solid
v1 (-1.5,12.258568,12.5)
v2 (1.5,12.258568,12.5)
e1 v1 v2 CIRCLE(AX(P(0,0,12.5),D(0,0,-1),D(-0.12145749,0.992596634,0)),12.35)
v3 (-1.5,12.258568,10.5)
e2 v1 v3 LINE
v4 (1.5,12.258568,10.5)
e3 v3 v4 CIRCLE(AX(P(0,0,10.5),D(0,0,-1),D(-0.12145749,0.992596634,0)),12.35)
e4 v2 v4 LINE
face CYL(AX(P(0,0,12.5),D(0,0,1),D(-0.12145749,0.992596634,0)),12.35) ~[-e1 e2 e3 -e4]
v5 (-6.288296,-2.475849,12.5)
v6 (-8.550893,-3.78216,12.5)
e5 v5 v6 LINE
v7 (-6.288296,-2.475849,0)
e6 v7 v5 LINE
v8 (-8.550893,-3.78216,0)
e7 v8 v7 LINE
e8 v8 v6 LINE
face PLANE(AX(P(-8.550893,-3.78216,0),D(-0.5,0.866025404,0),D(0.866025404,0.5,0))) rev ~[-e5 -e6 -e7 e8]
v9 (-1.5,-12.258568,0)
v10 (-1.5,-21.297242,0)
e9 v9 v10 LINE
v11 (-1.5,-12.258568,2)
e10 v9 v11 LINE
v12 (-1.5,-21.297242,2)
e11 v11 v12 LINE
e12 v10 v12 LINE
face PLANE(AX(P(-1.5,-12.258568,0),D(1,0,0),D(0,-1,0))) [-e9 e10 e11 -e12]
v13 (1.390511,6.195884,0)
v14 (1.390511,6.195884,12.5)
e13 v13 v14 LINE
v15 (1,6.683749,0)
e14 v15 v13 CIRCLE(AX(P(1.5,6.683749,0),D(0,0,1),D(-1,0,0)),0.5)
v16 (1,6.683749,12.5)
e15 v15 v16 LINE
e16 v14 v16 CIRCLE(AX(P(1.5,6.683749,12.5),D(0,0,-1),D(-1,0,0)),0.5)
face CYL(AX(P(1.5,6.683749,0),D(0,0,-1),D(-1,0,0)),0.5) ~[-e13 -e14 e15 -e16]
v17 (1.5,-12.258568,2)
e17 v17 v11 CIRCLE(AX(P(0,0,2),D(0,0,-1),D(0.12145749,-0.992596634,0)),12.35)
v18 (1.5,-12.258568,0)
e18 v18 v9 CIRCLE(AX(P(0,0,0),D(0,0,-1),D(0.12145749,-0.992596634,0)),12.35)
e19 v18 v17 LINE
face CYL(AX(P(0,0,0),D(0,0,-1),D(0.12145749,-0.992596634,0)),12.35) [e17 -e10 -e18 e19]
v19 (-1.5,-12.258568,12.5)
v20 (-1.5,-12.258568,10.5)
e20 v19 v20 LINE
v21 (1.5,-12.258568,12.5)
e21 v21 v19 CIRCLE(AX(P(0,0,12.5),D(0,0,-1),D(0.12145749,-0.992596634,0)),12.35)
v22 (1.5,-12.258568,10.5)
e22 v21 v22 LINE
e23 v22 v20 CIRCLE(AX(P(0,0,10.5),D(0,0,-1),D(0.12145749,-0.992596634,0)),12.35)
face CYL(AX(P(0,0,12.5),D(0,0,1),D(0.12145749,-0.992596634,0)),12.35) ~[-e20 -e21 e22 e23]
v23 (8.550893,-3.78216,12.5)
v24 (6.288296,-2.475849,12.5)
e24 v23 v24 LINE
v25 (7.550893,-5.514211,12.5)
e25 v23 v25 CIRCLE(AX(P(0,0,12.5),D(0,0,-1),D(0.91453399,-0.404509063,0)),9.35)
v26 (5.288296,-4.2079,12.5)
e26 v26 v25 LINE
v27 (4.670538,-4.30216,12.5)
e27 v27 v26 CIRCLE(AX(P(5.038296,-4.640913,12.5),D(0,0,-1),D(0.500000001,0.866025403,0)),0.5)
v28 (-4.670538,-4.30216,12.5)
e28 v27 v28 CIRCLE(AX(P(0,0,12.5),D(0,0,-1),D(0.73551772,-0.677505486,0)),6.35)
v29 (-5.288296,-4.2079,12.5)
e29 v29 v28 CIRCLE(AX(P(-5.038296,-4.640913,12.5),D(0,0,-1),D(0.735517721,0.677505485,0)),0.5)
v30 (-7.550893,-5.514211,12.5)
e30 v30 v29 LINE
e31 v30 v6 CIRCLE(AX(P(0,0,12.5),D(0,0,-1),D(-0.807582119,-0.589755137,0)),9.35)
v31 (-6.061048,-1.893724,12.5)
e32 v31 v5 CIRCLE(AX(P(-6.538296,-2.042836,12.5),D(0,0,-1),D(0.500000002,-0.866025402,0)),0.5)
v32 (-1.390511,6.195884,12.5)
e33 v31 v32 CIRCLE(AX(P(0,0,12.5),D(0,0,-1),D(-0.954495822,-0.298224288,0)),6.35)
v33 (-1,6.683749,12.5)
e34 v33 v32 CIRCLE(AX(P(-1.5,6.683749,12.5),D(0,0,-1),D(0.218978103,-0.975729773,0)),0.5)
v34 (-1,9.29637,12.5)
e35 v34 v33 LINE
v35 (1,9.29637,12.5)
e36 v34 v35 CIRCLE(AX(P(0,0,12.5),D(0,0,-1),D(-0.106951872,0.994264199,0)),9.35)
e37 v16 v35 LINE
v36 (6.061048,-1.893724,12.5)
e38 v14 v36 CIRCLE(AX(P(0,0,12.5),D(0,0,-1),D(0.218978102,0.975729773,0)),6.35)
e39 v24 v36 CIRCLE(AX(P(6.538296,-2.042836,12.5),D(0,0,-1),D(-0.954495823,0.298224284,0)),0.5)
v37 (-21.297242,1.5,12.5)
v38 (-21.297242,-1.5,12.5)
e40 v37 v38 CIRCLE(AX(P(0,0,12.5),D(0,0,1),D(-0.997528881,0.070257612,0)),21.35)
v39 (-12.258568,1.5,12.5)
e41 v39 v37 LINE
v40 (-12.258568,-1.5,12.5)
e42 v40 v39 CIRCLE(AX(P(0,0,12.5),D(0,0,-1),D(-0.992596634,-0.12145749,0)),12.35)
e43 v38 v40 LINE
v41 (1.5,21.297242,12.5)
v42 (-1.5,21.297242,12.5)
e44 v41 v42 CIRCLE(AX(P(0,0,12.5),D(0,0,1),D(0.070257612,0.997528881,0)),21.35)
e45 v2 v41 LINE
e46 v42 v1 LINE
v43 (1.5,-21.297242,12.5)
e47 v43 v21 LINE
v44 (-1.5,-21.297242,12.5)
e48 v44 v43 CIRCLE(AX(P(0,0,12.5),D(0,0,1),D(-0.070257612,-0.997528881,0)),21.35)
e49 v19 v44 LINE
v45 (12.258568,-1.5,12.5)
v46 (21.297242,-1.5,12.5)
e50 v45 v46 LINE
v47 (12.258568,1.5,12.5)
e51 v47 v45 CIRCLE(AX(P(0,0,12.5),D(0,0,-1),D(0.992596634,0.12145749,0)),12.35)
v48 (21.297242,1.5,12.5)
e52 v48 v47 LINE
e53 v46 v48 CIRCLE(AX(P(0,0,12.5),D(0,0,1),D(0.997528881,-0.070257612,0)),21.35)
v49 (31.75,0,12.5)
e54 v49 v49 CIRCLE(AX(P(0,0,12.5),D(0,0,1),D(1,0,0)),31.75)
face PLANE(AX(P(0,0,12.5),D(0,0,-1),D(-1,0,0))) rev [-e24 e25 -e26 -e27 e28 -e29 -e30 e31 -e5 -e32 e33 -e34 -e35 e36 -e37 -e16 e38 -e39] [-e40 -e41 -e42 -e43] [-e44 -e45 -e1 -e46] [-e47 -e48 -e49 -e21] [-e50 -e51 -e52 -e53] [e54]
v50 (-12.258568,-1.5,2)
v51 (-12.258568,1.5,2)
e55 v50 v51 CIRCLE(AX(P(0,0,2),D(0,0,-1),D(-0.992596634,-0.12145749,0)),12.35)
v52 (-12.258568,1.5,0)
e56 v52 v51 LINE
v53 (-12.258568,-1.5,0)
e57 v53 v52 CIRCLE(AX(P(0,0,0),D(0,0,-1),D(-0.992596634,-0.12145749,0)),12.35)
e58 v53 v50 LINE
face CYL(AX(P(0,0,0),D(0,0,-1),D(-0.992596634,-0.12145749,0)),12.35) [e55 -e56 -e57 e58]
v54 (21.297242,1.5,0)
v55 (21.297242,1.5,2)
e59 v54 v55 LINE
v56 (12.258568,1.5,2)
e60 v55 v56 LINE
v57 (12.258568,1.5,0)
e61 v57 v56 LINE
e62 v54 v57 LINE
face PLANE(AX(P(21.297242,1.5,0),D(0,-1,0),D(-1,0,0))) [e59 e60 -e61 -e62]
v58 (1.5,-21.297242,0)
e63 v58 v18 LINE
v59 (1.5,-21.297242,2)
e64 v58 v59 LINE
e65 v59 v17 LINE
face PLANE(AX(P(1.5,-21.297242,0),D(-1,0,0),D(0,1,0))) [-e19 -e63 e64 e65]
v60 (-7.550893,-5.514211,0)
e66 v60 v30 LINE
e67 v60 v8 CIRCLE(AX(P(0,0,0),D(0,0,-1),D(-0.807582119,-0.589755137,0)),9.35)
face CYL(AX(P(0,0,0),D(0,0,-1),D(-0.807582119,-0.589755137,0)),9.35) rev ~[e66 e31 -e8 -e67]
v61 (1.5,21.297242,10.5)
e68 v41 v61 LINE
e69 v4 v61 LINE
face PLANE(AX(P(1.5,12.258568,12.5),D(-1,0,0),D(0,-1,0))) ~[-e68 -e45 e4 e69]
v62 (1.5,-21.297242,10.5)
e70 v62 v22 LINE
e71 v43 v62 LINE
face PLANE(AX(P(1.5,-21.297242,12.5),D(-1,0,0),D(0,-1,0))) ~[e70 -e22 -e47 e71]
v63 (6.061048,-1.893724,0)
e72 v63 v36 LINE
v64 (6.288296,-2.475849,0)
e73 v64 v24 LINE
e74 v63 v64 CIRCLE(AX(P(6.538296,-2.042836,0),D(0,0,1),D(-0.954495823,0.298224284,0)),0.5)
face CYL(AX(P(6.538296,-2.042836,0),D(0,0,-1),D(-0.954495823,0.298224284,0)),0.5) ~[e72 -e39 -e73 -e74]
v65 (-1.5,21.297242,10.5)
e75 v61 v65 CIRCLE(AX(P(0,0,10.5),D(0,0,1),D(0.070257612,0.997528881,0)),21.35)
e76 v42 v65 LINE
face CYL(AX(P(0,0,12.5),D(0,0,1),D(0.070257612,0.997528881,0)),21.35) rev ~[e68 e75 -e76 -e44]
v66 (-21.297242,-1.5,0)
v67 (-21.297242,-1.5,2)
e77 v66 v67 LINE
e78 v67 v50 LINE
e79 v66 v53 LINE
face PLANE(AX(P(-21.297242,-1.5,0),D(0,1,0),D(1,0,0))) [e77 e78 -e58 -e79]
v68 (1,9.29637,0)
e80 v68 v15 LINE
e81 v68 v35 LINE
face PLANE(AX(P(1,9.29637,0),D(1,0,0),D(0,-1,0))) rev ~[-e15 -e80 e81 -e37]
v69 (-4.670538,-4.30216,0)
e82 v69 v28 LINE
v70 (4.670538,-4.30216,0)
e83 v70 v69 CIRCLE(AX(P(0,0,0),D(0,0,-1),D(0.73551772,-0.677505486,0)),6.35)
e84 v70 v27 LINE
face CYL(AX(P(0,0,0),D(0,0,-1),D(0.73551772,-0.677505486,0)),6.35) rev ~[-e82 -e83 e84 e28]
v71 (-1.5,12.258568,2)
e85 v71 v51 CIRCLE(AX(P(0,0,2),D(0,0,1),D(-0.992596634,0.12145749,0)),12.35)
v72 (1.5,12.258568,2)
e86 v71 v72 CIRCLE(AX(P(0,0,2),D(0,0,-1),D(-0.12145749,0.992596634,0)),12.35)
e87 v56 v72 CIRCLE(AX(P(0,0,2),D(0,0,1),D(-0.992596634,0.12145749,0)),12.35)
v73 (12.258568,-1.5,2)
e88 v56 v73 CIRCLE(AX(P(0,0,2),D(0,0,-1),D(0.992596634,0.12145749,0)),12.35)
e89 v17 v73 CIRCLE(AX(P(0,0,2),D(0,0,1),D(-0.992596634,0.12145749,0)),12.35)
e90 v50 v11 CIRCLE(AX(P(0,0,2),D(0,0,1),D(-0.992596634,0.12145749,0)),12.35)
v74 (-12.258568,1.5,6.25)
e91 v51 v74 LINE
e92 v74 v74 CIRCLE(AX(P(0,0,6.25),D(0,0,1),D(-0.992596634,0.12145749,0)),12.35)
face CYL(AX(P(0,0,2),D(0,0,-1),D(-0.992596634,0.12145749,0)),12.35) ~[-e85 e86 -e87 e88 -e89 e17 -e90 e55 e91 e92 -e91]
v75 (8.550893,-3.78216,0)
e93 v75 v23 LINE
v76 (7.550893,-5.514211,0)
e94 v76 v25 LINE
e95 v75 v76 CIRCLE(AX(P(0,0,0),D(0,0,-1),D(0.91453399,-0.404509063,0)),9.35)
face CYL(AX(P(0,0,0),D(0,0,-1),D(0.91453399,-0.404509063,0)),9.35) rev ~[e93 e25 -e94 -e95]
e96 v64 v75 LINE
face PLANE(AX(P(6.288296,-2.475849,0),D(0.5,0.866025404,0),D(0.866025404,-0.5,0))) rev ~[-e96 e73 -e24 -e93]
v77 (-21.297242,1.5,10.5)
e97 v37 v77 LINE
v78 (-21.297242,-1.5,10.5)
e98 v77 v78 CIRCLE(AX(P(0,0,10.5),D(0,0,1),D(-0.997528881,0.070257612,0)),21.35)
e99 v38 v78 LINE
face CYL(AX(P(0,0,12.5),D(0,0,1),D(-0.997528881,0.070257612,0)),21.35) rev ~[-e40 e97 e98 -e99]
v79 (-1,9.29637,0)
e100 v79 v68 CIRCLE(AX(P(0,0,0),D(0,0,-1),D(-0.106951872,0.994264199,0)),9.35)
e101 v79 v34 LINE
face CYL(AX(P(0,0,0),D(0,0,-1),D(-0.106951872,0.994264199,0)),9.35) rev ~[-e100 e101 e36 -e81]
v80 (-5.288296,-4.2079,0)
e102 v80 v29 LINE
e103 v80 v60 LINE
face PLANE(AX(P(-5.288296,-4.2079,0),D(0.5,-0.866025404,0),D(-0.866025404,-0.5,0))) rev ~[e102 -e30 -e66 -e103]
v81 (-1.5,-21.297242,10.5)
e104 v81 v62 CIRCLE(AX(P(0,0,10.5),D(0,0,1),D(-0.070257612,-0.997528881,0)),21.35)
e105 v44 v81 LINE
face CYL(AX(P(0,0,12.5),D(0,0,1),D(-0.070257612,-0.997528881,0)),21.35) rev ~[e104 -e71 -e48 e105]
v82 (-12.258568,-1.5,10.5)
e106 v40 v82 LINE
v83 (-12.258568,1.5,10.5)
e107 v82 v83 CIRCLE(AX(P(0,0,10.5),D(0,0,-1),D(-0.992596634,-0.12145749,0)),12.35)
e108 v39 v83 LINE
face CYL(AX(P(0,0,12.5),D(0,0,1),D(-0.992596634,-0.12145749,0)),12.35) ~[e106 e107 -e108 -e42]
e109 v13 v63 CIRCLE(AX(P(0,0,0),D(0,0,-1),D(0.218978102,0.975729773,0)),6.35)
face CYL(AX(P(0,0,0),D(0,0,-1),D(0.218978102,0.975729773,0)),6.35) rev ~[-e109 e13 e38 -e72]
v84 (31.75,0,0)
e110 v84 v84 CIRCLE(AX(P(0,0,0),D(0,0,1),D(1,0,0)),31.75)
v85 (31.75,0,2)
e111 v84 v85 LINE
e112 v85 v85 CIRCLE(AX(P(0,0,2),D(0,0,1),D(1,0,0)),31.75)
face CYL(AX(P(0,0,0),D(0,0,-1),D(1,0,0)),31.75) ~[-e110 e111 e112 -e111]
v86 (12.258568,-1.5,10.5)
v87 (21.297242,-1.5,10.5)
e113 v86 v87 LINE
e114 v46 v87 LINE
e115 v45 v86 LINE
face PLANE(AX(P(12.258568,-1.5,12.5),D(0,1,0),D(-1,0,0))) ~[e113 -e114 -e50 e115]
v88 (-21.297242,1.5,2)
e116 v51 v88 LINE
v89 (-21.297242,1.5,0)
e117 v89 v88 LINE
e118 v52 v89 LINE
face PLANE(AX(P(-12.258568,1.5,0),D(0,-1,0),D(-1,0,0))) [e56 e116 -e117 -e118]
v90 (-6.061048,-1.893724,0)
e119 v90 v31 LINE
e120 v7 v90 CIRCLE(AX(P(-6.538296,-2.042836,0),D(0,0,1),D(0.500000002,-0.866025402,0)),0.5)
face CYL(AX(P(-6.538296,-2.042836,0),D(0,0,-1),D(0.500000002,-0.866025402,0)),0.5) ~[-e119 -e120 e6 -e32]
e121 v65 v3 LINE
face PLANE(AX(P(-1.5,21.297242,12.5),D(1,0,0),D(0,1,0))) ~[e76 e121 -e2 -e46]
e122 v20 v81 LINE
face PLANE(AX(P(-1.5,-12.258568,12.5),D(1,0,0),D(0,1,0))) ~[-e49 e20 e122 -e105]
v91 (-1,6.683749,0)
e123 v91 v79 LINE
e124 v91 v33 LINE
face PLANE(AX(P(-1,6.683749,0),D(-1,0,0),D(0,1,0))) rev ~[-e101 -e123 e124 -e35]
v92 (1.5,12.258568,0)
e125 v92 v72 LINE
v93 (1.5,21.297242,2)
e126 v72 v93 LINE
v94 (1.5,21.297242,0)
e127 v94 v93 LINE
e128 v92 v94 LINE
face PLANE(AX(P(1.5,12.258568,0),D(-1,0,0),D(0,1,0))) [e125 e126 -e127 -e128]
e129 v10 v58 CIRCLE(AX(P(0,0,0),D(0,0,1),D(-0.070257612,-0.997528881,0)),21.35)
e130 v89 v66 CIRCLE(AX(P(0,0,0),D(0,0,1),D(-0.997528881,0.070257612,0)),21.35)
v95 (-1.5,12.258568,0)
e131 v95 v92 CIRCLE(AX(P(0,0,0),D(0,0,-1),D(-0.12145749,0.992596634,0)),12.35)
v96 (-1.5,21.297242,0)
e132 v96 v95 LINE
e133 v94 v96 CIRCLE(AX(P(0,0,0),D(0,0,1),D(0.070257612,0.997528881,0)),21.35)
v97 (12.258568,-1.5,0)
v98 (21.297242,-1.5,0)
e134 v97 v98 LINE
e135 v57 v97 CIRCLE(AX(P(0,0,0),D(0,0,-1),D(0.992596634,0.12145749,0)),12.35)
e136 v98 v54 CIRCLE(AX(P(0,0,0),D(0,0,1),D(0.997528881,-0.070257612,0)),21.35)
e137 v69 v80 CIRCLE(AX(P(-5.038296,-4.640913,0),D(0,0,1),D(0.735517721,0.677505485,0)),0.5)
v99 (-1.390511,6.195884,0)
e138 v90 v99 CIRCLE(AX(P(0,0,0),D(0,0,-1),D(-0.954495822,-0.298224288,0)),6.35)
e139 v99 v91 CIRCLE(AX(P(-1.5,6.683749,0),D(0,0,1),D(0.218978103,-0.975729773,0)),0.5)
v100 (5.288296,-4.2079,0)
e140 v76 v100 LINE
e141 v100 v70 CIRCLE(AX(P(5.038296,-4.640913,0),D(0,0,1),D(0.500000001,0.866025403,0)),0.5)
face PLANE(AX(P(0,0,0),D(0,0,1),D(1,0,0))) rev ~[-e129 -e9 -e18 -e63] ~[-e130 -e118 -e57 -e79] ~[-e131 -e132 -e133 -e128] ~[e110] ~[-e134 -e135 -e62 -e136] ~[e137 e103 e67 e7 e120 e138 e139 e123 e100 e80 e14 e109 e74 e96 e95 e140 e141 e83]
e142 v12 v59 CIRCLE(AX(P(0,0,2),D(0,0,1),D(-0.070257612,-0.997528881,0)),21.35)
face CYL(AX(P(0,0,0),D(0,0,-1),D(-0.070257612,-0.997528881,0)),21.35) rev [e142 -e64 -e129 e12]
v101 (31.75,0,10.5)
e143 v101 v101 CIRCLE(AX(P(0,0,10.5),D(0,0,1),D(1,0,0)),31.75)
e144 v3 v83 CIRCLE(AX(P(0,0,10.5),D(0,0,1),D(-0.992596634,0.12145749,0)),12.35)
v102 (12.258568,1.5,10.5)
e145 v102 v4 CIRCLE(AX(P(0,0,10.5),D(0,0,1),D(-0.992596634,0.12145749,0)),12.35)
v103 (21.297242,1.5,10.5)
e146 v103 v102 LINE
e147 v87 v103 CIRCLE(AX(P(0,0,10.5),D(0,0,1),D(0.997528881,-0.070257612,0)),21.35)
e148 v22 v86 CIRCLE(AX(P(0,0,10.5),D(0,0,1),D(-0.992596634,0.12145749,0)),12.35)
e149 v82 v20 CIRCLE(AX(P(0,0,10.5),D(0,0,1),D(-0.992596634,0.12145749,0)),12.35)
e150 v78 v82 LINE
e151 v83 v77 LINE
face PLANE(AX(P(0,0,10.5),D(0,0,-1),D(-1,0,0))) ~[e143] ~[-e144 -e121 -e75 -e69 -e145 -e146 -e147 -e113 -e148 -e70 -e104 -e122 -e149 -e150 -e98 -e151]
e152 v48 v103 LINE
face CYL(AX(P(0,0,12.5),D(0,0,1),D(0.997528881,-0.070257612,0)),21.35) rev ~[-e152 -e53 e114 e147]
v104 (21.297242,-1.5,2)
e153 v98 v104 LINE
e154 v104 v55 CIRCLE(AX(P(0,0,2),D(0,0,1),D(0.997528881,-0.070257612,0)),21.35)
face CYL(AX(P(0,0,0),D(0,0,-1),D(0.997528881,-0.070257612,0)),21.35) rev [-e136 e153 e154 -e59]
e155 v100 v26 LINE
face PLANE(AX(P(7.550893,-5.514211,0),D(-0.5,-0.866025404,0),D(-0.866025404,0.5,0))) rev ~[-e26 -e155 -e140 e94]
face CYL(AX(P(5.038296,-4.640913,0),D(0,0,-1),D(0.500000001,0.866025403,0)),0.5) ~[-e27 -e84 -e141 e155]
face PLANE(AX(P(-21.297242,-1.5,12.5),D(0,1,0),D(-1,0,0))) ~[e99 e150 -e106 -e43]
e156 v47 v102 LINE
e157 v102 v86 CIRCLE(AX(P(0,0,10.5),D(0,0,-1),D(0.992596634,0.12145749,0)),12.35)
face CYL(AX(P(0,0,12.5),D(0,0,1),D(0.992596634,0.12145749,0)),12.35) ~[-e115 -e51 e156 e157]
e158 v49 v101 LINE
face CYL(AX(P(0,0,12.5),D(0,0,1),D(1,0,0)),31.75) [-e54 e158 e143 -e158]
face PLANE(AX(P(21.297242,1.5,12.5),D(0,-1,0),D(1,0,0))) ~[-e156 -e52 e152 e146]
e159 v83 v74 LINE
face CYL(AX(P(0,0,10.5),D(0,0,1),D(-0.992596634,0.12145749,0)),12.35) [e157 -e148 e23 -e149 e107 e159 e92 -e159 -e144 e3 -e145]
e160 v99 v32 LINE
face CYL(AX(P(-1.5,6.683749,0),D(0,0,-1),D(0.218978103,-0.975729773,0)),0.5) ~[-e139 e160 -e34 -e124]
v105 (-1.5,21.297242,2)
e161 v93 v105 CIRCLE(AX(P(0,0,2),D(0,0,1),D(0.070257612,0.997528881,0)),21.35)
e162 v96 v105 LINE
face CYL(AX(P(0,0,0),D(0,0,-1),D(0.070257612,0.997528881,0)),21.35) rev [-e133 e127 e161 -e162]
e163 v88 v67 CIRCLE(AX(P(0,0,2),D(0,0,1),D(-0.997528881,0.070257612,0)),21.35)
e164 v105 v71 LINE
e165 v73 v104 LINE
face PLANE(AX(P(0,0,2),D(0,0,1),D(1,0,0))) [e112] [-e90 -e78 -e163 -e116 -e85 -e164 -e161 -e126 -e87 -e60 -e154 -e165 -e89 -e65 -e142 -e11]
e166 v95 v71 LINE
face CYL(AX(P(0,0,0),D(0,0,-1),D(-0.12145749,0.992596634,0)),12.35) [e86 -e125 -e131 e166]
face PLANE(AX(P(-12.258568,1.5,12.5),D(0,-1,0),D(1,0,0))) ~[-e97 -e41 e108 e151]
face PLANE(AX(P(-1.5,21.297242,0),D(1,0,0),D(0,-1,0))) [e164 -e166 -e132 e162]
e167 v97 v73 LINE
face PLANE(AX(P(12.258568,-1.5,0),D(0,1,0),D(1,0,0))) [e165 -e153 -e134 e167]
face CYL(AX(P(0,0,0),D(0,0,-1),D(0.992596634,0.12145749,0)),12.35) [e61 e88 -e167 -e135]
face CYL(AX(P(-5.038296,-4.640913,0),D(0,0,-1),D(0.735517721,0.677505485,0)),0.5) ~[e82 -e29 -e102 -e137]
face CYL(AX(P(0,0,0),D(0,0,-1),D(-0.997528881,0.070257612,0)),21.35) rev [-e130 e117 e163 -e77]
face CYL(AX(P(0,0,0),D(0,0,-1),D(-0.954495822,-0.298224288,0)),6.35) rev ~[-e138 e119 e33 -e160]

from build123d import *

# Parameters (mm, degrees)
SKETCH1_R           = 31.75
BOSS_EXTRUDE1_DEPTH = 2
SKETCH3_R           = 12.35
BOSS_EXTRUDE3_DEPTH = 4.25
CUT_EXTRUDE1_DEPTH  = 47.608743815


with BuildPart() as part:
    # Sketch1 → Boss-Extrude1 (new body)
    with BuildSketch(Plane.XY):
        Circle(SKETCH1_R)
        with BuildLine():
            Line((1.5, 12.258568432), (1.5, 21.297241605))
            ThreePointArc((1.5, 21.297241605), (0, 21.35), (-1.5, 21.297241605))
            Line((-1.5, 21.297241605), (-1.5, 12.258568432))
            ThreePointArc((-1.5, 12.258568432), (0, 12.35), (1.5, 12.258568432))
        make_face(mode=Mode.SUBTRACT)
        with BuildLine():
            Line((-12.258568432, 1.5), (-21.297241605, 1.5))
            ThreePointArc((-21.297241605, 1.5), (-21.35, 0), (-21.297241605, -1.5))
            Line((-21.297241605, -1.5), (-12.258568432, -1.5))
            ThreePointArc((-12.258568432, -1.5), (-12.35, 0), (-12.258568432, 1.5))
        make_face(mode=Mode.SUBTRACT)
        with BuildLine():
            Line((-1.5, -12.258568432), (-1.5, -21.297241605))
            ThreePointArc((-1.5, -21.297241605), (0, -21.35), (1.5, -21.297241605))
            Line((1.5, -21.297241605), (1.5, -12.258568432))
            ThreePointArc((1.5, -12.258568432), (0, -12.35), (-1.5, -12.258568432))
        make_face(mode=Mode.SUBTRACT)
        with BuildLine():
            Line((12.258568432, -1.5), (21.297241605, -1.5))
            ThreePointArc((21.297241605, -1.5), (21.35, 0), (21.297241605, 1.5))
            Line((21.297241605, 1.5), (12.258568432, 1.5))
            ThreePointArc((12.258568432, 1.5), (12.35, 0), (12.258568432, -1.5))
        make_face(mode=Mode.SUBTRACT)
    extrude(amount=BOSS_EXTRUDE1_DEPTH)

    # Sketch3 → Boss-Extrude3 (add)
    with BuildSketch(Plane.XY.offset(2)):
        with Locations(Location((0, 0, 0), (0, 0, 173.023774077))):
            Circle(SKETCH3_R)
    extrude(amount=BOSS_EXTRUDE3_DEPTH)

    # Mirror1: part across plane


with BuildPart() as part_1:
    add(part.part)
    add(part.part.mirror(Plane.XY.offset(6.25)))

    # Sketch4 → Cut-Extrude1 (cut, through all)
    with BuildSketch(Plane(origin=(0, 0, 0), x_dir=(-1, 0, 0), z_dir=(0, 0, -1))):
        with BuildLine():
            Line((1, 6.683748948), (1, 9.296370259))
            ThreePointArc((1, 9.296370259), (0, 9.35), (-1, 9.296370259))
            Line((-1, 9.296370259), (-1, 6.683748948))
            ThreePointArc((-1, 6.683748948), (-1.109651101, 6.371294572), (-1.390510949, 6.195884061))
            ThreePointArc((-1.390510949, 6.195884061), (-5.499261314, 3.175), (-6.06104847, -1.893724225))
            ThreePointArc((-6.06104847, -1.893724225), (-6.072528505, -2.224661243), (-6.288296381, -2.47584907))
            Line((-6.288296381, -2.47584907), (-8.550892808, -3.782159726))
            ThreePointArc((-8.550892808, -3.782159726), (-8.097337525, -4.675), (-7.550892808, -5.514210533))
            Line((-7.550892808, -5.514210533), (-5.288296381, -4.207899878))
            ThreePointArc((-5.288296381, -4.207899878), (-4.962877404, -4.146633329), (-4.670537522, -4.302159837))
            ThreePointArc((-4.670537522, -4.302159837), (0, -6.35), (4.670537522, -4.302159837))
            ThreePointArc((4.670537522, -4.302159837), (4.962877404, -4.146633329), (5.288296381, -4.207899878))
            Line((5.288296381, -4.207899878), (7.550892808, -5.514210533))
            ThreePointArc((7.550892808, -5.514210533), (8.097337525, -4.675), (8.550892808, -3.782159726))
            Line((8.550892808, -3.782159726), (6.288296381, -2.47584907))
            ThreePointArc((6.288296381, -2.47584907), (6.072528505, -2.224661243), (6.06104847, -1.893724225))
            ThreePointArc((6.06104847, -1.893724225), (5.499261314, 3.175), (1.390510949, 6.195884061))
            ThreePointArc((1.390510949, 6.195884061), (1.109651101, 6.371294572), (1, 6.683748948))
        make_face()
    extrude(amount=-CUT_EXTRUDE1_DEPTH, mode=Mode.SUBTRACT)


solid = part_1.part
